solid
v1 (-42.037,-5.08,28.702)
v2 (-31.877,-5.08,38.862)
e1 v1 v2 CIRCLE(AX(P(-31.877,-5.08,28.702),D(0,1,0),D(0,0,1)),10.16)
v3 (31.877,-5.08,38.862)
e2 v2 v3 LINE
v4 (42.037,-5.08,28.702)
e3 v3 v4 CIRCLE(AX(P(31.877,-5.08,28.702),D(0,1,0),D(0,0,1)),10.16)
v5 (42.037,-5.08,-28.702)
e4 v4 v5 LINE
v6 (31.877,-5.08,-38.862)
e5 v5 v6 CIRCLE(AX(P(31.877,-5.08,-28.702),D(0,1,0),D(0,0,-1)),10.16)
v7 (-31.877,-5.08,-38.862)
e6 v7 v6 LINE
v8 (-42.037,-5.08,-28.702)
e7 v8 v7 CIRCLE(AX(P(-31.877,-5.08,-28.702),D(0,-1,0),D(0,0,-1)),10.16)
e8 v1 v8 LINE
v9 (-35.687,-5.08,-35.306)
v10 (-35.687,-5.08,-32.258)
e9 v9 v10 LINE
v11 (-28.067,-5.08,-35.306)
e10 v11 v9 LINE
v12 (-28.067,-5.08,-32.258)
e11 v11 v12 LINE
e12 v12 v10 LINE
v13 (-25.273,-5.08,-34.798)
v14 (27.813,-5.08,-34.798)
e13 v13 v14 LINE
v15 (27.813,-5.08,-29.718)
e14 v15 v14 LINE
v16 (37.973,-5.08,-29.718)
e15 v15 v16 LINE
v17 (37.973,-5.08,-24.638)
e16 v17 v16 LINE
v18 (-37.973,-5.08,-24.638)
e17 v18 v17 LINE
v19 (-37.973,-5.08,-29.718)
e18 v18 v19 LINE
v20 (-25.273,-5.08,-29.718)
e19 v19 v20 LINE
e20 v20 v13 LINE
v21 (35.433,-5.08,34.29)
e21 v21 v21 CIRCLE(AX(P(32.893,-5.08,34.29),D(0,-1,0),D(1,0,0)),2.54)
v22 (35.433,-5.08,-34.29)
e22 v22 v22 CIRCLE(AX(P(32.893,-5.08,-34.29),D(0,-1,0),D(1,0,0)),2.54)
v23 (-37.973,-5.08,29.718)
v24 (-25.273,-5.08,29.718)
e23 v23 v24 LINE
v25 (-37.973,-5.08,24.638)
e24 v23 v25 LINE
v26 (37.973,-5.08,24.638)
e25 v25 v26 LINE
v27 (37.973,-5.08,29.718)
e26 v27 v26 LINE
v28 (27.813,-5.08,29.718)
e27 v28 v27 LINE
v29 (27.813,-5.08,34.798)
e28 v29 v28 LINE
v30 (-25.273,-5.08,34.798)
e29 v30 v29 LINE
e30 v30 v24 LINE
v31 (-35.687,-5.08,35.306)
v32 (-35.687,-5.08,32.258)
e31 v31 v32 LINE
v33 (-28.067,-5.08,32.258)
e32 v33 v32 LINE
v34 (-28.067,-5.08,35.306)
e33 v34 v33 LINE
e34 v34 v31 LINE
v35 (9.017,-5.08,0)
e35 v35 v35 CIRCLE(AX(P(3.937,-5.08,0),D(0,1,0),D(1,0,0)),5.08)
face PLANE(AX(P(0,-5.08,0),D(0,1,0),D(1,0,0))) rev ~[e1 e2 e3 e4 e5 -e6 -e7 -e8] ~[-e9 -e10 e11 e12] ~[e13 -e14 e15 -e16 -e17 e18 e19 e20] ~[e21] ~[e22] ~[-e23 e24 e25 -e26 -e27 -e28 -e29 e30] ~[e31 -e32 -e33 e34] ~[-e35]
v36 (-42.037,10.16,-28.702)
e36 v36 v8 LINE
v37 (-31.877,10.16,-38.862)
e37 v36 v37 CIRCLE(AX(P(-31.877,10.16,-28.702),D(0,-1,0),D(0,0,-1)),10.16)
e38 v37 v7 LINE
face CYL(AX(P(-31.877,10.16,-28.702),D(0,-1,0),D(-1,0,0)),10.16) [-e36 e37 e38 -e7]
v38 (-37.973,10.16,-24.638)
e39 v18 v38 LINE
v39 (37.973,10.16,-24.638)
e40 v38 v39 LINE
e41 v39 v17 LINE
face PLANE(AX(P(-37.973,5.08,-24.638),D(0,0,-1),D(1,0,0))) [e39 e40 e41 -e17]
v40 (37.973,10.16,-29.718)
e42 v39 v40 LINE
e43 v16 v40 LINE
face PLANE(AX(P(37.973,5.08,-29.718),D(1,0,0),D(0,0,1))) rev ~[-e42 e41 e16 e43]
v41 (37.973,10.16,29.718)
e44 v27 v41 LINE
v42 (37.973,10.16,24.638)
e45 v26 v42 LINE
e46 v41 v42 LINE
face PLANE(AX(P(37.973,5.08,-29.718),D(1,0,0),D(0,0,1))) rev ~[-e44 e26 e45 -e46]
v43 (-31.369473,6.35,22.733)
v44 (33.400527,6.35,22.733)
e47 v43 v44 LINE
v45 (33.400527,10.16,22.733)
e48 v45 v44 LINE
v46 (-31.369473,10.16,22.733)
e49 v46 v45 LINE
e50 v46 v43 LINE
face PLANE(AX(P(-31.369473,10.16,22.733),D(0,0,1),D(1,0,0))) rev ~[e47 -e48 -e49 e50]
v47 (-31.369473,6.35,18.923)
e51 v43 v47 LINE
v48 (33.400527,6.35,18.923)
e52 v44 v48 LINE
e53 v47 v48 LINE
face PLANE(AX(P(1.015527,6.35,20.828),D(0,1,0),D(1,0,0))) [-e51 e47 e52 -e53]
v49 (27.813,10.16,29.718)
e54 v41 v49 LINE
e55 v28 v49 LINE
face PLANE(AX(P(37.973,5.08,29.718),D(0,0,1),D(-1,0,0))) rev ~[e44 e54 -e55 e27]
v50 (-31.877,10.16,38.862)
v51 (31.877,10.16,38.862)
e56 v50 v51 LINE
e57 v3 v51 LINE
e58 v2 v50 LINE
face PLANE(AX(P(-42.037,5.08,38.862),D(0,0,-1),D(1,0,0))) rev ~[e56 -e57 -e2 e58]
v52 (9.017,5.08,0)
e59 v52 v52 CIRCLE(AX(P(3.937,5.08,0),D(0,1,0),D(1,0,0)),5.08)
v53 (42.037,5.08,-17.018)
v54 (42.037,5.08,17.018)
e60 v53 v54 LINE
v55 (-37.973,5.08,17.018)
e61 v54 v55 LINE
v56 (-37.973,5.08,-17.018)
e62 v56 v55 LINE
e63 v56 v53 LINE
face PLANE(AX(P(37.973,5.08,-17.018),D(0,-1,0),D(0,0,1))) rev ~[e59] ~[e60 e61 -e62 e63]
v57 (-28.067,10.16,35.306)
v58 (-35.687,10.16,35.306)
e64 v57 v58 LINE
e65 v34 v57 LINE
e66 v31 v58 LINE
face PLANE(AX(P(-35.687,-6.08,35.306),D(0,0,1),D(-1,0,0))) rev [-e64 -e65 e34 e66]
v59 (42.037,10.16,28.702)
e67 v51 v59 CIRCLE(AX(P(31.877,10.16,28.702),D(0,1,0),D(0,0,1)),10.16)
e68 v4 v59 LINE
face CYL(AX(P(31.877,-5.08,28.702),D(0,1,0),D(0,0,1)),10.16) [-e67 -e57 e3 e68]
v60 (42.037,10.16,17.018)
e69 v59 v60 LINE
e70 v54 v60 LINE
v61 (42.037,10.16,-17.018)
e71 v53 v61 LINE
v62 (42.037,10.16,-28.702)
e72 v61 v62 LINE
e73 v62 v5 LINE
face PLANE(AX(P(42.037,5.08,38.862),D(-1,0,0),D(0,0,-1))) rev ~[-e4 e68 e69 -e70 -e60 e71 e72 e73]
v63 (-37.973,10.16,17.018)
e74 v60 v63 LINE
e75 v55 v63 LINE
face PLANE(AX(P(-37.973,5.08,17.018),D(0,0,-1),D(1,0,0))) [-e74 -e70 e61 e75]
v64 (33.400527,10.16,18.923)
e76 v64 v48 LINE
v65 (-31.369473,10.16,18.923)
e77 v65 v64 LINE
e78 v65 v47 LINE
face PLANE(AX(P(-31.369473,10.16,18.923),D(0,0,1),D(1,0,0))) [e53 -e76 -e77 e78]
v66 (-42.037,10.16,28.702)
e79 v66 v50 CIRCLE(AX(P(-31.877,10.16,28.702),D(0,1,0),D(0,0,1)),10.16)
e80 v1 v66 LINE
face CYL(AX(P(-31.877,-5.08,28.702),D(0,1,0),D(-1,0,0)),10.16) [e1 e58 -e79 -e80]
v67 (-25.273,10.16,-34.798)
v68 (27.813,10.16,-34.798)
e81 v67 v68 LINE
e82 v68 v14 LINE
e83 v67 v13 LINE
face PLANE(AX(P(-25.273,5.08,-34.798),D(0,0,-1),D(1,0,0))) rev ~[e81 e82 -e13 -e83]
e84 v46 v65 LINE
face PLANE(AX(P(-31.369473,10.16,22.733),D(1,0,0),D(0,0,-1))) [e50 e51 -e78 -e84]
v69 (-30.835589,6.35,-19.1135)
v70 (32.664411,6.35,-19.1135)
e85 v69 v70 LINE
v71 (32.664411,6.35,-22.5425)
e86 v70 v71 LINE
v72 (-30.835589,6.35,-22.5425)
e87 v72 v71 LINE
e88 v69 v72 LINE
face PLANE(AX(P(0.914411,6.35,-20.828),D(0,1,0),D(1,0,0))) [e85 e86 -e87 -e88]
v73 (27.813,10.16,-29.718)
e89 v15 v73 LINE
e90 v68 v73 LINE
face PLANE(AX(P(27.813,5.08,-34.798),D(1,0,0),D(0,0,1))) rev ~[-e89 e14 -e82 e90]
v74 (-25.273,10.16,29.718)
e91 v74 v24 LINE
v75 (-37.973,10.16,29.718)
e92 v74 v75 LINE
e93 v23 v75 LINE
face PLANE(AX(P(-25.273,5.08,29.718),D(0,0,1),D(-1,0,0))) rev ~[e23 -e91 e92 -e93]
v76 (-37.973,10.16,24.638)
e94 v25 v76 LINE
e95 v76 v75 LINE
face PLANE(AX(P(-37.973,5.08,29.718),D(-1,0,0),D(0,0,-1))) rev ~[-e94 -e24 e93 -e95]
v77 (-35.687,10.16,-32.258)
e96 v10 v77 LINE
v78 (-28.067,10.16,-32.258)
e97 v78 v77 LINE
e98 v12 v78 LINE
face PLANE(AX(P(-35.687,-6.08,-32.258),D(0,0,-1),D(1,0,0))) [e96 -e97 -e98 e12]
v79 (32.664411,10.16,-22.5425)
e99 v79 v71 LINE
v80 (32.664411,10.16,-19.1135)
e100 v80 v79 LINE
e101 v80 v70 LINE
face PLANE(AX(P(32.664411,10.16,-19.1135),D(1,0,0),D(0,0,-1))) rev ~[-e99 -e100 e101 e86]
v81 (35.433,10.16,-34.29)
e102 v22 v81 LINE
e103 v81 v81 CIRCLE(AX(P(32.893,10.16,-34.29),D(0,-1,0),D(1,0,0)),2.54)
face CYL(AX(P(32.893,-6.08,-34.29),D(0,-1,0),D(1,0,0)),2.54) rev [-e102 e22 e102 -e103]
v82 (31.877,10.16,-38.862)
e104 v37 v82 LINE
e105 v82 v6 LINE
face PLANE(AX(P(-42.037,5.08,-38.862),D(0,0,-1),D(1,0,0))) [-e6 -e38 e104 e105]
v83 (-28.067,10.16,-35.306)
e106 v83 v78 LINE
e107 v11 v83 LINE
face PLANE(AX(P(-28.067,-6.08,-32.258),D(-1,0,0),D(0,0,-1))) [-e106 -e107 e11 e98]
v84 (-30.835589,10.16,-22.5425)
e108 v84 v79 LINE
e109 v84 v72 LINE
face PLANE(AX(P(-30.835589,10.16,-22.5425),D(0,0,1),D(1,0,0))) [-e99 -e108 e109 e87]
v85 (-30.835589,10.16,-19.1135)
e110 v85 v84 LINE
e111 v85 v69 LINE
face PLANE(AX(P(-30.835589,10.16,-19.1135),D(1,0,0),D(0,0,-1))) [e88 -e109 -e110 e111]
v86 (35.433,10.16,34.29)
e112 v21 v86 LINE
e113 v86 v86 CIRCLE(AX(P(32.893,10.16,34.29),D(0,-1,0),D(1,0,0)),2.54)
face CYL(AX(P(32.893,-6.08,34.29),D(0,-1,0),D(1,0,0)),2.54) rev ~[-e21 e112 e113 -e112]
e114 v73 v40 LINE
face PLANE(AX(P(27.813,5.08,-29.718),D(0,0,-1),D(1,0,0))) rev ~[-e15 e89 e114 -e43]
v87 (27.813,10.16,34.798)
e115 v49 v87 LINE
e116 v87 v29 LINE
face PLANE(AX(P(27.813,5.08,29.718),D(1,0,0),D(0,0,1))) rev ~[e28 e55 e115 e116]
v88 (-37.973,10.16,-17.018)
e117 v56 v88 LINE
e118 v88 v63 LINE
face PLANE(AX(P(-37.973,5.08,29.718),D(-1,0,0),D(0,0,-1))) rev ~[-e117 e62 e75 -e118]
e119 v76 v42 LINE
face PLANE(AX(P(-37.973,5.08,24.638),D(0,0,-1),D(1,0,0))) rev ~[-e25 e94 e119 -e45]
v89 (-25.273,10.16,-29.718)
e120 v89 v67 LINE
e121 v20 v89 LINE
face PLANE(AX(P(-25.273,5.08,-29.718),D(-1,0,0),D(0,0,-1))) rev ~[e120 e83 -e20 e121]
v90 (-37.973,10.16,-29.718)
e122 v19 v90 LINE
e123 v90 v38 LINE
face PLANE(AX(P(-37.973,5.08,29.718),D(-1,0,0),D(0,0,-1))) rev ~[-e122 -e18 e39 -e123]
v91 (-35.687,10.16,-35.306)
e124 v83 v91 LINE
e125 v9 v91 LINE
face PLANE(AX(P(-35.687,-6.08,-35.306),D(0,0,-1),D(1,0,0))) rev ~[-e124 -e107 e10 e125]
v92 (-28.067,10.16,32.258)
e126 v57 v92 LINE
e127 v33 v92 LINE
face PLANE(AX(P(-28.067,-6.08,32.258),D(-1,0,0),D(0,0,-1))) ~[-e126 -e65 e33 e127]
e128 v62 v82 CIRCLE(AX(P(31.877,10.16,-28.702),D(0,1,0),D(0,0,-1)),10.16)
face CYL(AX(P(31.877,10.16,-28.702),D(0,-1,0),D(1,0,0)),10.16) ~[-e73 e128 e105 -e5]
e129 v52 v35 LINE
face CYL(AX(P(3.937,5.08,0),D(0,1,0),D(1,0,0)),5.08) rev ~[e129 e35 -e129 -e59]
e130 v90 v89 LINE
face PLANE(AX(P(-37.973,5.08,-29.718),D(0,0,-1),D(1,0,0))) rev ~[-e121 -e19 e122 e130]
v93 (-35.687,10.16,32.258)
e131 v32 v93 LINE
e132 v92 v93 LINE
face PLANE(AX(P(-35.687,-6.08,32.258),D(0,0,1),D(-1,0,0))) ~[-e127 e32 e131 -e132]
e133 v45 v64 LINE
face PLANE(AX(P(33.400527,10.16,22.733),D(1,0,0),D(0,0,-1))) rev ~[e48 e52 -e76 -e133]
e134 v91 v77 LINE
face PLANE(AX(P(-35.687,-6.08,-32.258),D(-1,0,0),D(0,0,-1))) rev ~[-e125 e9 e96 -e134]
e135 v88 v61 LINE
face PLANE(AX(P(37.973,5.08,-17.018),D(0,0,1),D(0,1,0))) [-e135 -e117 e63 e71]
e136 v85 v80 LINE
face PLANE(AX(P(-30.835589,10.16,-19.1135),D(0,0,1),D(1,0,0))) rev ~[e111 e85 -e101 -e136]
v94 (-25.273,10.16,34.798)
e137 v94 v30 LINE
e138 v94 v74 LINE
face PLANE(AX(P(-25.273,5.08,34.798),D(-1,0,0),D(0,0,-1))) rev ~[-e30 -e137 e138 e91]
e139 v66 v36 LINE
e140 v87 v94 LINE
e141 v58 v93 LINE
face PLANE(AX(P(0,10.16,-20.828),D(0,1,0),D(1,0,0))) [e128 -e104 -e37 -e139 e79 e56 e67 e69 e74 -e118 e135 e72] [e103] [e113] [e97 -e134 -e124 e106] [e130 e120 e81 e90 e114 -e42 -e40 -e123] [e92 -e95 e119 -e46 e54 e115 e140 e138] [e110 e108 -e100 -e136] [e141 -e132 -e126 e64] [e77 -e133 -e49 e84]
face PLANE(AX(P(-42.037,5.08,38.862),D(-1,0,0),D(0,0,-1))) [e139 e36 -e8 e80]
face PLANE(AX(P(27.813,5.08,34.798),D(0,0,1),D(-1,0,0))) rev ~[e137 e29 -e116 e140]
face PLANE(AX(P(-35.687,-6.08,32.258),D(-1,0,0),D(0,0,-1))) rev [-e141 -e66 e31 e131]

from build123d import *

# Parameters (mm, degrees)
SKETCH1_W                = 84.074
SKETCH1_H                = 77.724
BOSS_EXTRUDE1_DEPTH      = 5.08
BOSS_EXTRUDE1_DEPTH_BACK = 5.08
SKETCH2_W                = 84.074
SKETCH2_H                = 77.724
BOSS_EXTRUDE2_DEPTH      = 5.08
BOSS_EXTRUDE2_DEPTH_BACK = 10.16
SKETCH3_W                = 53.086
SKETCH3_H                = 5.08
CUT_EXTRUDE1_DEPTH       = 6.08
CUT_EXTRUDE1_DEPTH_BACK  = 11.16
SKETCH4_W                = 75.946
SKETCH4_H                = 5.08
CUT_EXTRUDE2_DEPTH       = 6.08
CUT_EXTRUDE2_DEPTH_BACK  = 11.16
SKETCH5_W                = 75.946
SKETCH5_H                = 7.62
BOSS_EXTRUDE3_DEPTH      = 5.08
BOSS_EXTRUDE3_DEPTH_BACK = 10.16
SKETCH10_R               = 5.08
CUT_EXTRUDE4_DEPTH       = 6.08
CUT_EXTRUDE4_DEPTH_BACK  = 11.16
FILLET1_R                = 10.16
CUT_EXTRUDE6_START       = -16.24
SKETCH15_R               = 2.54
SKETCH15_W               = 7.62
SKETCH15_H               = 3.048
CUT_EXTRUDE6_DEPTH       = 17.24
SKETCH7_W                = 34.036
SKETCH7_H                = 5.08
CUT_EXTRUDE7_DEPTH       = 5.064
SKETCH14_W               = 64.77
SKETCH14_H               = 3.81
SKETCH14_W_2             = 63.5
SKETCH14_H_2             = 3.429
CUT_EXTRUDE8_DEPTH       = 3.81


with BuildPart() as part:
    # Sketch1 → Boss-Extrude1 (new body, two sides)
    with BuildSketch(Plane(origin=(0, 0, 0), x_dir=(1, 0, 0), z_dir=(0, 1, 0))) as boss_extrude1_sk:
        Rectangle(SKETCH1_W, SKETCH1_H)
    extrude(amount=BOSS_EXTRUDE1_DEPTH)
    extrude(boss_extrude1_sk.sketch, amount=-BOSS_EXTRUDE1_DEPTH_BACK)

    # Sketch2 → Boss-Extrude2 (add, two sides)
    with BuildSketch(Plane(origin=(0, 5.08, 0), x_dir=(1, 0, 0), z_dir=(0, 1, 0))) as boss_extrude2_sk:
        Rectangle(SKETCH2_W, SKETCH2_H)
        Polygon((-37.973, -29.718), (-37.973, 29.718), (-25.273, 29.718), (-25.273, 34.798), (27.813, 34.798), (27.813, 29.718), (37.973, 29.718), (37.973, -29.718), (27.813, -29.718), (27.813, -34.798), (-25.273, -34.798), (-25.273, -29.718), align=None, mode=Mode.SUBTRACT)
    extrude(amount=BOSS_EXTRUDE2_DEPTH)
    extrude(boss_extrude2_sk.sketch, amount=-BOSS_EXTRUDE2_DEPTH_BACK)

    # Sketch3 → Cut-Extrude1 (cut, two sides)
    with BuildSketch(Plane(origin=(0, 5.08, 0), x_dir=(1, 0, 0), z_dir=(0, 1, 0))) as cut_extrude1_sk:
        with Locations((1.27, 32.258)):
            Rectangle(SKETCH3_W, SKETCH3_H)
        with Locations((1.27, -32.258)):
            Rectangle(SKETCH3_W, SKETCH3_H)
    extrude(amount=CUT_EXTRUDE1_DEPTH, mode=Mode.SUBTRACT)
    extrude(cut_extrude1_sk.sketch, amount=-CUT_EXTRUDE1_DEPTH_BACK, mode=Mode.SUBTRACT)

    # Sketch4 → Cut-Extrude2 (cut, two sides)
    with BuildSketch(Plane(origin=(0, 5.08, 0), x_dir=(1, 0, 0), z_dir=(0, 1, 0))) as cut_extrude2_sk:
        with Locations((0, 27.178)):
            Rectangle(SKETCH4_W, SKETCH4_H)
        with Locations((0, -27.178)):
            Rectangle(SKETCH4_W, SKETCH4_H)
    extrude(amount=CUT_EXTRUDE2_DEPTH, mode=Mode.SUBTRACT)
    extrude(cut_extrude2_sk.sketch, amount=-CUT_EXTRUDE2_DEPTH_BACK, mode=Mode.SUBTRACT)

    # Sketch5 → Boss-Extrude3 (add, two sides)
    with BuildSketch(Plane(origin=(0, 5.08, 0), x_dir=(1, 0, 0), z_dir=(0, 1, 0))) as boss_extrude3_sk:
        with Locations((0, 20.828)):
            Rectangle(SKETCH5_W, SKETCH5_H)
        with Locations((0, -20.828)):
            Rectangle(SKETCH5_W, SKETCH5_H)
    extrude(amount=BOSS_EXTRUDE3_DEPTH)
    extrude(boss_extrude3_sk.sketch, amount=-BOSS_EXTRUDE3_DEPTH_BACK)

    # Sketch10 → Cut-Extrude4 (cut, two sides)
    with BuildSketch(Plane(origin=(0, 5.08, 0), x_dir=(1, 0, 0), z_dir=(0, 1, 0))) as cut_extrude4_sk:
        with Locations((3.937, 0)):
            Circle(SKETCH10_R)
    extrude(amount=CUT_EXTRUDE4_DEPTH, mode=Mode.SUBTRACT)
    extrude(cut_extrude4_sk.sketch, amount=-CUT_EXTRUDE4_DEPTH_BACK, mode=Mode.SUBTRACT)

    # Fillet1
    fillet1_edges = [part.edges().sort_by_distance(p)[0] for p in [
        (42.037, 2.54, 38.862),
        (-42.037, 2.54, 38.862),
        (-42.037, 2.54, -38.862),
        (42.037, 2.54, -38.862),
    ]]
    fillet(fillet1_edges, radius=FILLET1_R)

    # Sketch15 → Cut-Extrude6 (cut)
    with BuildSketch(Plane(origin=(0, 10.16, 0), x_dir=(1, 0, 0), z_dir=(0, 1, 0)).offset(CUT_EXTRUDE6_START)):
        with Locations((32.893, 34.29)):
            Circle(SKETCH15_R)
        with Locations((-31.877, 33.782)):
            Rectangle(SKETCH15_W, SKETCH15_H)
    cut_extrude6 = extrude(amount=CUT_EXTRUDE6_DEPTH, mode=Mode.SUBTRACT)

    # Mirror1: Cut-Extrude6 across plane
    add(cut_extrude6.mirror(Plane.XY), mode=Mode.SUBTRACT)

    # Sketch7 → Cut-Extrude7 (cut, through all)
    with BuildSketch(Plane.ZY.offset(-37.973)):
        with Locations((0, 7.62)):
            Rectangle(SKETCH7_W, SKETCH7_H)
    extrude(amount=-CUT_EXTRUDE7_DEPTH, mode=Mode.SUBTRACT)

    # Sketch14 → Cut-Extrude8 (cut)
    with BuildSketch(Plane(origin=(0, 10.16, 0), x_dir=(1, 0, 0), z_dir=(0, 1, 0))):
        with Locations((1.015527002, -20.828)):
            Rectangle(SKETCH14_W, SKETCH14_H)
        with Locations((0.914410511, 20.828)):
            Rectangle(SKETCH14_W_2, SKETCH14_H_2)
    extrude(amount=-CUT_EXTRUDE8_DEPTH, mode=Mode.SUBTRACT)


solid = part.part
